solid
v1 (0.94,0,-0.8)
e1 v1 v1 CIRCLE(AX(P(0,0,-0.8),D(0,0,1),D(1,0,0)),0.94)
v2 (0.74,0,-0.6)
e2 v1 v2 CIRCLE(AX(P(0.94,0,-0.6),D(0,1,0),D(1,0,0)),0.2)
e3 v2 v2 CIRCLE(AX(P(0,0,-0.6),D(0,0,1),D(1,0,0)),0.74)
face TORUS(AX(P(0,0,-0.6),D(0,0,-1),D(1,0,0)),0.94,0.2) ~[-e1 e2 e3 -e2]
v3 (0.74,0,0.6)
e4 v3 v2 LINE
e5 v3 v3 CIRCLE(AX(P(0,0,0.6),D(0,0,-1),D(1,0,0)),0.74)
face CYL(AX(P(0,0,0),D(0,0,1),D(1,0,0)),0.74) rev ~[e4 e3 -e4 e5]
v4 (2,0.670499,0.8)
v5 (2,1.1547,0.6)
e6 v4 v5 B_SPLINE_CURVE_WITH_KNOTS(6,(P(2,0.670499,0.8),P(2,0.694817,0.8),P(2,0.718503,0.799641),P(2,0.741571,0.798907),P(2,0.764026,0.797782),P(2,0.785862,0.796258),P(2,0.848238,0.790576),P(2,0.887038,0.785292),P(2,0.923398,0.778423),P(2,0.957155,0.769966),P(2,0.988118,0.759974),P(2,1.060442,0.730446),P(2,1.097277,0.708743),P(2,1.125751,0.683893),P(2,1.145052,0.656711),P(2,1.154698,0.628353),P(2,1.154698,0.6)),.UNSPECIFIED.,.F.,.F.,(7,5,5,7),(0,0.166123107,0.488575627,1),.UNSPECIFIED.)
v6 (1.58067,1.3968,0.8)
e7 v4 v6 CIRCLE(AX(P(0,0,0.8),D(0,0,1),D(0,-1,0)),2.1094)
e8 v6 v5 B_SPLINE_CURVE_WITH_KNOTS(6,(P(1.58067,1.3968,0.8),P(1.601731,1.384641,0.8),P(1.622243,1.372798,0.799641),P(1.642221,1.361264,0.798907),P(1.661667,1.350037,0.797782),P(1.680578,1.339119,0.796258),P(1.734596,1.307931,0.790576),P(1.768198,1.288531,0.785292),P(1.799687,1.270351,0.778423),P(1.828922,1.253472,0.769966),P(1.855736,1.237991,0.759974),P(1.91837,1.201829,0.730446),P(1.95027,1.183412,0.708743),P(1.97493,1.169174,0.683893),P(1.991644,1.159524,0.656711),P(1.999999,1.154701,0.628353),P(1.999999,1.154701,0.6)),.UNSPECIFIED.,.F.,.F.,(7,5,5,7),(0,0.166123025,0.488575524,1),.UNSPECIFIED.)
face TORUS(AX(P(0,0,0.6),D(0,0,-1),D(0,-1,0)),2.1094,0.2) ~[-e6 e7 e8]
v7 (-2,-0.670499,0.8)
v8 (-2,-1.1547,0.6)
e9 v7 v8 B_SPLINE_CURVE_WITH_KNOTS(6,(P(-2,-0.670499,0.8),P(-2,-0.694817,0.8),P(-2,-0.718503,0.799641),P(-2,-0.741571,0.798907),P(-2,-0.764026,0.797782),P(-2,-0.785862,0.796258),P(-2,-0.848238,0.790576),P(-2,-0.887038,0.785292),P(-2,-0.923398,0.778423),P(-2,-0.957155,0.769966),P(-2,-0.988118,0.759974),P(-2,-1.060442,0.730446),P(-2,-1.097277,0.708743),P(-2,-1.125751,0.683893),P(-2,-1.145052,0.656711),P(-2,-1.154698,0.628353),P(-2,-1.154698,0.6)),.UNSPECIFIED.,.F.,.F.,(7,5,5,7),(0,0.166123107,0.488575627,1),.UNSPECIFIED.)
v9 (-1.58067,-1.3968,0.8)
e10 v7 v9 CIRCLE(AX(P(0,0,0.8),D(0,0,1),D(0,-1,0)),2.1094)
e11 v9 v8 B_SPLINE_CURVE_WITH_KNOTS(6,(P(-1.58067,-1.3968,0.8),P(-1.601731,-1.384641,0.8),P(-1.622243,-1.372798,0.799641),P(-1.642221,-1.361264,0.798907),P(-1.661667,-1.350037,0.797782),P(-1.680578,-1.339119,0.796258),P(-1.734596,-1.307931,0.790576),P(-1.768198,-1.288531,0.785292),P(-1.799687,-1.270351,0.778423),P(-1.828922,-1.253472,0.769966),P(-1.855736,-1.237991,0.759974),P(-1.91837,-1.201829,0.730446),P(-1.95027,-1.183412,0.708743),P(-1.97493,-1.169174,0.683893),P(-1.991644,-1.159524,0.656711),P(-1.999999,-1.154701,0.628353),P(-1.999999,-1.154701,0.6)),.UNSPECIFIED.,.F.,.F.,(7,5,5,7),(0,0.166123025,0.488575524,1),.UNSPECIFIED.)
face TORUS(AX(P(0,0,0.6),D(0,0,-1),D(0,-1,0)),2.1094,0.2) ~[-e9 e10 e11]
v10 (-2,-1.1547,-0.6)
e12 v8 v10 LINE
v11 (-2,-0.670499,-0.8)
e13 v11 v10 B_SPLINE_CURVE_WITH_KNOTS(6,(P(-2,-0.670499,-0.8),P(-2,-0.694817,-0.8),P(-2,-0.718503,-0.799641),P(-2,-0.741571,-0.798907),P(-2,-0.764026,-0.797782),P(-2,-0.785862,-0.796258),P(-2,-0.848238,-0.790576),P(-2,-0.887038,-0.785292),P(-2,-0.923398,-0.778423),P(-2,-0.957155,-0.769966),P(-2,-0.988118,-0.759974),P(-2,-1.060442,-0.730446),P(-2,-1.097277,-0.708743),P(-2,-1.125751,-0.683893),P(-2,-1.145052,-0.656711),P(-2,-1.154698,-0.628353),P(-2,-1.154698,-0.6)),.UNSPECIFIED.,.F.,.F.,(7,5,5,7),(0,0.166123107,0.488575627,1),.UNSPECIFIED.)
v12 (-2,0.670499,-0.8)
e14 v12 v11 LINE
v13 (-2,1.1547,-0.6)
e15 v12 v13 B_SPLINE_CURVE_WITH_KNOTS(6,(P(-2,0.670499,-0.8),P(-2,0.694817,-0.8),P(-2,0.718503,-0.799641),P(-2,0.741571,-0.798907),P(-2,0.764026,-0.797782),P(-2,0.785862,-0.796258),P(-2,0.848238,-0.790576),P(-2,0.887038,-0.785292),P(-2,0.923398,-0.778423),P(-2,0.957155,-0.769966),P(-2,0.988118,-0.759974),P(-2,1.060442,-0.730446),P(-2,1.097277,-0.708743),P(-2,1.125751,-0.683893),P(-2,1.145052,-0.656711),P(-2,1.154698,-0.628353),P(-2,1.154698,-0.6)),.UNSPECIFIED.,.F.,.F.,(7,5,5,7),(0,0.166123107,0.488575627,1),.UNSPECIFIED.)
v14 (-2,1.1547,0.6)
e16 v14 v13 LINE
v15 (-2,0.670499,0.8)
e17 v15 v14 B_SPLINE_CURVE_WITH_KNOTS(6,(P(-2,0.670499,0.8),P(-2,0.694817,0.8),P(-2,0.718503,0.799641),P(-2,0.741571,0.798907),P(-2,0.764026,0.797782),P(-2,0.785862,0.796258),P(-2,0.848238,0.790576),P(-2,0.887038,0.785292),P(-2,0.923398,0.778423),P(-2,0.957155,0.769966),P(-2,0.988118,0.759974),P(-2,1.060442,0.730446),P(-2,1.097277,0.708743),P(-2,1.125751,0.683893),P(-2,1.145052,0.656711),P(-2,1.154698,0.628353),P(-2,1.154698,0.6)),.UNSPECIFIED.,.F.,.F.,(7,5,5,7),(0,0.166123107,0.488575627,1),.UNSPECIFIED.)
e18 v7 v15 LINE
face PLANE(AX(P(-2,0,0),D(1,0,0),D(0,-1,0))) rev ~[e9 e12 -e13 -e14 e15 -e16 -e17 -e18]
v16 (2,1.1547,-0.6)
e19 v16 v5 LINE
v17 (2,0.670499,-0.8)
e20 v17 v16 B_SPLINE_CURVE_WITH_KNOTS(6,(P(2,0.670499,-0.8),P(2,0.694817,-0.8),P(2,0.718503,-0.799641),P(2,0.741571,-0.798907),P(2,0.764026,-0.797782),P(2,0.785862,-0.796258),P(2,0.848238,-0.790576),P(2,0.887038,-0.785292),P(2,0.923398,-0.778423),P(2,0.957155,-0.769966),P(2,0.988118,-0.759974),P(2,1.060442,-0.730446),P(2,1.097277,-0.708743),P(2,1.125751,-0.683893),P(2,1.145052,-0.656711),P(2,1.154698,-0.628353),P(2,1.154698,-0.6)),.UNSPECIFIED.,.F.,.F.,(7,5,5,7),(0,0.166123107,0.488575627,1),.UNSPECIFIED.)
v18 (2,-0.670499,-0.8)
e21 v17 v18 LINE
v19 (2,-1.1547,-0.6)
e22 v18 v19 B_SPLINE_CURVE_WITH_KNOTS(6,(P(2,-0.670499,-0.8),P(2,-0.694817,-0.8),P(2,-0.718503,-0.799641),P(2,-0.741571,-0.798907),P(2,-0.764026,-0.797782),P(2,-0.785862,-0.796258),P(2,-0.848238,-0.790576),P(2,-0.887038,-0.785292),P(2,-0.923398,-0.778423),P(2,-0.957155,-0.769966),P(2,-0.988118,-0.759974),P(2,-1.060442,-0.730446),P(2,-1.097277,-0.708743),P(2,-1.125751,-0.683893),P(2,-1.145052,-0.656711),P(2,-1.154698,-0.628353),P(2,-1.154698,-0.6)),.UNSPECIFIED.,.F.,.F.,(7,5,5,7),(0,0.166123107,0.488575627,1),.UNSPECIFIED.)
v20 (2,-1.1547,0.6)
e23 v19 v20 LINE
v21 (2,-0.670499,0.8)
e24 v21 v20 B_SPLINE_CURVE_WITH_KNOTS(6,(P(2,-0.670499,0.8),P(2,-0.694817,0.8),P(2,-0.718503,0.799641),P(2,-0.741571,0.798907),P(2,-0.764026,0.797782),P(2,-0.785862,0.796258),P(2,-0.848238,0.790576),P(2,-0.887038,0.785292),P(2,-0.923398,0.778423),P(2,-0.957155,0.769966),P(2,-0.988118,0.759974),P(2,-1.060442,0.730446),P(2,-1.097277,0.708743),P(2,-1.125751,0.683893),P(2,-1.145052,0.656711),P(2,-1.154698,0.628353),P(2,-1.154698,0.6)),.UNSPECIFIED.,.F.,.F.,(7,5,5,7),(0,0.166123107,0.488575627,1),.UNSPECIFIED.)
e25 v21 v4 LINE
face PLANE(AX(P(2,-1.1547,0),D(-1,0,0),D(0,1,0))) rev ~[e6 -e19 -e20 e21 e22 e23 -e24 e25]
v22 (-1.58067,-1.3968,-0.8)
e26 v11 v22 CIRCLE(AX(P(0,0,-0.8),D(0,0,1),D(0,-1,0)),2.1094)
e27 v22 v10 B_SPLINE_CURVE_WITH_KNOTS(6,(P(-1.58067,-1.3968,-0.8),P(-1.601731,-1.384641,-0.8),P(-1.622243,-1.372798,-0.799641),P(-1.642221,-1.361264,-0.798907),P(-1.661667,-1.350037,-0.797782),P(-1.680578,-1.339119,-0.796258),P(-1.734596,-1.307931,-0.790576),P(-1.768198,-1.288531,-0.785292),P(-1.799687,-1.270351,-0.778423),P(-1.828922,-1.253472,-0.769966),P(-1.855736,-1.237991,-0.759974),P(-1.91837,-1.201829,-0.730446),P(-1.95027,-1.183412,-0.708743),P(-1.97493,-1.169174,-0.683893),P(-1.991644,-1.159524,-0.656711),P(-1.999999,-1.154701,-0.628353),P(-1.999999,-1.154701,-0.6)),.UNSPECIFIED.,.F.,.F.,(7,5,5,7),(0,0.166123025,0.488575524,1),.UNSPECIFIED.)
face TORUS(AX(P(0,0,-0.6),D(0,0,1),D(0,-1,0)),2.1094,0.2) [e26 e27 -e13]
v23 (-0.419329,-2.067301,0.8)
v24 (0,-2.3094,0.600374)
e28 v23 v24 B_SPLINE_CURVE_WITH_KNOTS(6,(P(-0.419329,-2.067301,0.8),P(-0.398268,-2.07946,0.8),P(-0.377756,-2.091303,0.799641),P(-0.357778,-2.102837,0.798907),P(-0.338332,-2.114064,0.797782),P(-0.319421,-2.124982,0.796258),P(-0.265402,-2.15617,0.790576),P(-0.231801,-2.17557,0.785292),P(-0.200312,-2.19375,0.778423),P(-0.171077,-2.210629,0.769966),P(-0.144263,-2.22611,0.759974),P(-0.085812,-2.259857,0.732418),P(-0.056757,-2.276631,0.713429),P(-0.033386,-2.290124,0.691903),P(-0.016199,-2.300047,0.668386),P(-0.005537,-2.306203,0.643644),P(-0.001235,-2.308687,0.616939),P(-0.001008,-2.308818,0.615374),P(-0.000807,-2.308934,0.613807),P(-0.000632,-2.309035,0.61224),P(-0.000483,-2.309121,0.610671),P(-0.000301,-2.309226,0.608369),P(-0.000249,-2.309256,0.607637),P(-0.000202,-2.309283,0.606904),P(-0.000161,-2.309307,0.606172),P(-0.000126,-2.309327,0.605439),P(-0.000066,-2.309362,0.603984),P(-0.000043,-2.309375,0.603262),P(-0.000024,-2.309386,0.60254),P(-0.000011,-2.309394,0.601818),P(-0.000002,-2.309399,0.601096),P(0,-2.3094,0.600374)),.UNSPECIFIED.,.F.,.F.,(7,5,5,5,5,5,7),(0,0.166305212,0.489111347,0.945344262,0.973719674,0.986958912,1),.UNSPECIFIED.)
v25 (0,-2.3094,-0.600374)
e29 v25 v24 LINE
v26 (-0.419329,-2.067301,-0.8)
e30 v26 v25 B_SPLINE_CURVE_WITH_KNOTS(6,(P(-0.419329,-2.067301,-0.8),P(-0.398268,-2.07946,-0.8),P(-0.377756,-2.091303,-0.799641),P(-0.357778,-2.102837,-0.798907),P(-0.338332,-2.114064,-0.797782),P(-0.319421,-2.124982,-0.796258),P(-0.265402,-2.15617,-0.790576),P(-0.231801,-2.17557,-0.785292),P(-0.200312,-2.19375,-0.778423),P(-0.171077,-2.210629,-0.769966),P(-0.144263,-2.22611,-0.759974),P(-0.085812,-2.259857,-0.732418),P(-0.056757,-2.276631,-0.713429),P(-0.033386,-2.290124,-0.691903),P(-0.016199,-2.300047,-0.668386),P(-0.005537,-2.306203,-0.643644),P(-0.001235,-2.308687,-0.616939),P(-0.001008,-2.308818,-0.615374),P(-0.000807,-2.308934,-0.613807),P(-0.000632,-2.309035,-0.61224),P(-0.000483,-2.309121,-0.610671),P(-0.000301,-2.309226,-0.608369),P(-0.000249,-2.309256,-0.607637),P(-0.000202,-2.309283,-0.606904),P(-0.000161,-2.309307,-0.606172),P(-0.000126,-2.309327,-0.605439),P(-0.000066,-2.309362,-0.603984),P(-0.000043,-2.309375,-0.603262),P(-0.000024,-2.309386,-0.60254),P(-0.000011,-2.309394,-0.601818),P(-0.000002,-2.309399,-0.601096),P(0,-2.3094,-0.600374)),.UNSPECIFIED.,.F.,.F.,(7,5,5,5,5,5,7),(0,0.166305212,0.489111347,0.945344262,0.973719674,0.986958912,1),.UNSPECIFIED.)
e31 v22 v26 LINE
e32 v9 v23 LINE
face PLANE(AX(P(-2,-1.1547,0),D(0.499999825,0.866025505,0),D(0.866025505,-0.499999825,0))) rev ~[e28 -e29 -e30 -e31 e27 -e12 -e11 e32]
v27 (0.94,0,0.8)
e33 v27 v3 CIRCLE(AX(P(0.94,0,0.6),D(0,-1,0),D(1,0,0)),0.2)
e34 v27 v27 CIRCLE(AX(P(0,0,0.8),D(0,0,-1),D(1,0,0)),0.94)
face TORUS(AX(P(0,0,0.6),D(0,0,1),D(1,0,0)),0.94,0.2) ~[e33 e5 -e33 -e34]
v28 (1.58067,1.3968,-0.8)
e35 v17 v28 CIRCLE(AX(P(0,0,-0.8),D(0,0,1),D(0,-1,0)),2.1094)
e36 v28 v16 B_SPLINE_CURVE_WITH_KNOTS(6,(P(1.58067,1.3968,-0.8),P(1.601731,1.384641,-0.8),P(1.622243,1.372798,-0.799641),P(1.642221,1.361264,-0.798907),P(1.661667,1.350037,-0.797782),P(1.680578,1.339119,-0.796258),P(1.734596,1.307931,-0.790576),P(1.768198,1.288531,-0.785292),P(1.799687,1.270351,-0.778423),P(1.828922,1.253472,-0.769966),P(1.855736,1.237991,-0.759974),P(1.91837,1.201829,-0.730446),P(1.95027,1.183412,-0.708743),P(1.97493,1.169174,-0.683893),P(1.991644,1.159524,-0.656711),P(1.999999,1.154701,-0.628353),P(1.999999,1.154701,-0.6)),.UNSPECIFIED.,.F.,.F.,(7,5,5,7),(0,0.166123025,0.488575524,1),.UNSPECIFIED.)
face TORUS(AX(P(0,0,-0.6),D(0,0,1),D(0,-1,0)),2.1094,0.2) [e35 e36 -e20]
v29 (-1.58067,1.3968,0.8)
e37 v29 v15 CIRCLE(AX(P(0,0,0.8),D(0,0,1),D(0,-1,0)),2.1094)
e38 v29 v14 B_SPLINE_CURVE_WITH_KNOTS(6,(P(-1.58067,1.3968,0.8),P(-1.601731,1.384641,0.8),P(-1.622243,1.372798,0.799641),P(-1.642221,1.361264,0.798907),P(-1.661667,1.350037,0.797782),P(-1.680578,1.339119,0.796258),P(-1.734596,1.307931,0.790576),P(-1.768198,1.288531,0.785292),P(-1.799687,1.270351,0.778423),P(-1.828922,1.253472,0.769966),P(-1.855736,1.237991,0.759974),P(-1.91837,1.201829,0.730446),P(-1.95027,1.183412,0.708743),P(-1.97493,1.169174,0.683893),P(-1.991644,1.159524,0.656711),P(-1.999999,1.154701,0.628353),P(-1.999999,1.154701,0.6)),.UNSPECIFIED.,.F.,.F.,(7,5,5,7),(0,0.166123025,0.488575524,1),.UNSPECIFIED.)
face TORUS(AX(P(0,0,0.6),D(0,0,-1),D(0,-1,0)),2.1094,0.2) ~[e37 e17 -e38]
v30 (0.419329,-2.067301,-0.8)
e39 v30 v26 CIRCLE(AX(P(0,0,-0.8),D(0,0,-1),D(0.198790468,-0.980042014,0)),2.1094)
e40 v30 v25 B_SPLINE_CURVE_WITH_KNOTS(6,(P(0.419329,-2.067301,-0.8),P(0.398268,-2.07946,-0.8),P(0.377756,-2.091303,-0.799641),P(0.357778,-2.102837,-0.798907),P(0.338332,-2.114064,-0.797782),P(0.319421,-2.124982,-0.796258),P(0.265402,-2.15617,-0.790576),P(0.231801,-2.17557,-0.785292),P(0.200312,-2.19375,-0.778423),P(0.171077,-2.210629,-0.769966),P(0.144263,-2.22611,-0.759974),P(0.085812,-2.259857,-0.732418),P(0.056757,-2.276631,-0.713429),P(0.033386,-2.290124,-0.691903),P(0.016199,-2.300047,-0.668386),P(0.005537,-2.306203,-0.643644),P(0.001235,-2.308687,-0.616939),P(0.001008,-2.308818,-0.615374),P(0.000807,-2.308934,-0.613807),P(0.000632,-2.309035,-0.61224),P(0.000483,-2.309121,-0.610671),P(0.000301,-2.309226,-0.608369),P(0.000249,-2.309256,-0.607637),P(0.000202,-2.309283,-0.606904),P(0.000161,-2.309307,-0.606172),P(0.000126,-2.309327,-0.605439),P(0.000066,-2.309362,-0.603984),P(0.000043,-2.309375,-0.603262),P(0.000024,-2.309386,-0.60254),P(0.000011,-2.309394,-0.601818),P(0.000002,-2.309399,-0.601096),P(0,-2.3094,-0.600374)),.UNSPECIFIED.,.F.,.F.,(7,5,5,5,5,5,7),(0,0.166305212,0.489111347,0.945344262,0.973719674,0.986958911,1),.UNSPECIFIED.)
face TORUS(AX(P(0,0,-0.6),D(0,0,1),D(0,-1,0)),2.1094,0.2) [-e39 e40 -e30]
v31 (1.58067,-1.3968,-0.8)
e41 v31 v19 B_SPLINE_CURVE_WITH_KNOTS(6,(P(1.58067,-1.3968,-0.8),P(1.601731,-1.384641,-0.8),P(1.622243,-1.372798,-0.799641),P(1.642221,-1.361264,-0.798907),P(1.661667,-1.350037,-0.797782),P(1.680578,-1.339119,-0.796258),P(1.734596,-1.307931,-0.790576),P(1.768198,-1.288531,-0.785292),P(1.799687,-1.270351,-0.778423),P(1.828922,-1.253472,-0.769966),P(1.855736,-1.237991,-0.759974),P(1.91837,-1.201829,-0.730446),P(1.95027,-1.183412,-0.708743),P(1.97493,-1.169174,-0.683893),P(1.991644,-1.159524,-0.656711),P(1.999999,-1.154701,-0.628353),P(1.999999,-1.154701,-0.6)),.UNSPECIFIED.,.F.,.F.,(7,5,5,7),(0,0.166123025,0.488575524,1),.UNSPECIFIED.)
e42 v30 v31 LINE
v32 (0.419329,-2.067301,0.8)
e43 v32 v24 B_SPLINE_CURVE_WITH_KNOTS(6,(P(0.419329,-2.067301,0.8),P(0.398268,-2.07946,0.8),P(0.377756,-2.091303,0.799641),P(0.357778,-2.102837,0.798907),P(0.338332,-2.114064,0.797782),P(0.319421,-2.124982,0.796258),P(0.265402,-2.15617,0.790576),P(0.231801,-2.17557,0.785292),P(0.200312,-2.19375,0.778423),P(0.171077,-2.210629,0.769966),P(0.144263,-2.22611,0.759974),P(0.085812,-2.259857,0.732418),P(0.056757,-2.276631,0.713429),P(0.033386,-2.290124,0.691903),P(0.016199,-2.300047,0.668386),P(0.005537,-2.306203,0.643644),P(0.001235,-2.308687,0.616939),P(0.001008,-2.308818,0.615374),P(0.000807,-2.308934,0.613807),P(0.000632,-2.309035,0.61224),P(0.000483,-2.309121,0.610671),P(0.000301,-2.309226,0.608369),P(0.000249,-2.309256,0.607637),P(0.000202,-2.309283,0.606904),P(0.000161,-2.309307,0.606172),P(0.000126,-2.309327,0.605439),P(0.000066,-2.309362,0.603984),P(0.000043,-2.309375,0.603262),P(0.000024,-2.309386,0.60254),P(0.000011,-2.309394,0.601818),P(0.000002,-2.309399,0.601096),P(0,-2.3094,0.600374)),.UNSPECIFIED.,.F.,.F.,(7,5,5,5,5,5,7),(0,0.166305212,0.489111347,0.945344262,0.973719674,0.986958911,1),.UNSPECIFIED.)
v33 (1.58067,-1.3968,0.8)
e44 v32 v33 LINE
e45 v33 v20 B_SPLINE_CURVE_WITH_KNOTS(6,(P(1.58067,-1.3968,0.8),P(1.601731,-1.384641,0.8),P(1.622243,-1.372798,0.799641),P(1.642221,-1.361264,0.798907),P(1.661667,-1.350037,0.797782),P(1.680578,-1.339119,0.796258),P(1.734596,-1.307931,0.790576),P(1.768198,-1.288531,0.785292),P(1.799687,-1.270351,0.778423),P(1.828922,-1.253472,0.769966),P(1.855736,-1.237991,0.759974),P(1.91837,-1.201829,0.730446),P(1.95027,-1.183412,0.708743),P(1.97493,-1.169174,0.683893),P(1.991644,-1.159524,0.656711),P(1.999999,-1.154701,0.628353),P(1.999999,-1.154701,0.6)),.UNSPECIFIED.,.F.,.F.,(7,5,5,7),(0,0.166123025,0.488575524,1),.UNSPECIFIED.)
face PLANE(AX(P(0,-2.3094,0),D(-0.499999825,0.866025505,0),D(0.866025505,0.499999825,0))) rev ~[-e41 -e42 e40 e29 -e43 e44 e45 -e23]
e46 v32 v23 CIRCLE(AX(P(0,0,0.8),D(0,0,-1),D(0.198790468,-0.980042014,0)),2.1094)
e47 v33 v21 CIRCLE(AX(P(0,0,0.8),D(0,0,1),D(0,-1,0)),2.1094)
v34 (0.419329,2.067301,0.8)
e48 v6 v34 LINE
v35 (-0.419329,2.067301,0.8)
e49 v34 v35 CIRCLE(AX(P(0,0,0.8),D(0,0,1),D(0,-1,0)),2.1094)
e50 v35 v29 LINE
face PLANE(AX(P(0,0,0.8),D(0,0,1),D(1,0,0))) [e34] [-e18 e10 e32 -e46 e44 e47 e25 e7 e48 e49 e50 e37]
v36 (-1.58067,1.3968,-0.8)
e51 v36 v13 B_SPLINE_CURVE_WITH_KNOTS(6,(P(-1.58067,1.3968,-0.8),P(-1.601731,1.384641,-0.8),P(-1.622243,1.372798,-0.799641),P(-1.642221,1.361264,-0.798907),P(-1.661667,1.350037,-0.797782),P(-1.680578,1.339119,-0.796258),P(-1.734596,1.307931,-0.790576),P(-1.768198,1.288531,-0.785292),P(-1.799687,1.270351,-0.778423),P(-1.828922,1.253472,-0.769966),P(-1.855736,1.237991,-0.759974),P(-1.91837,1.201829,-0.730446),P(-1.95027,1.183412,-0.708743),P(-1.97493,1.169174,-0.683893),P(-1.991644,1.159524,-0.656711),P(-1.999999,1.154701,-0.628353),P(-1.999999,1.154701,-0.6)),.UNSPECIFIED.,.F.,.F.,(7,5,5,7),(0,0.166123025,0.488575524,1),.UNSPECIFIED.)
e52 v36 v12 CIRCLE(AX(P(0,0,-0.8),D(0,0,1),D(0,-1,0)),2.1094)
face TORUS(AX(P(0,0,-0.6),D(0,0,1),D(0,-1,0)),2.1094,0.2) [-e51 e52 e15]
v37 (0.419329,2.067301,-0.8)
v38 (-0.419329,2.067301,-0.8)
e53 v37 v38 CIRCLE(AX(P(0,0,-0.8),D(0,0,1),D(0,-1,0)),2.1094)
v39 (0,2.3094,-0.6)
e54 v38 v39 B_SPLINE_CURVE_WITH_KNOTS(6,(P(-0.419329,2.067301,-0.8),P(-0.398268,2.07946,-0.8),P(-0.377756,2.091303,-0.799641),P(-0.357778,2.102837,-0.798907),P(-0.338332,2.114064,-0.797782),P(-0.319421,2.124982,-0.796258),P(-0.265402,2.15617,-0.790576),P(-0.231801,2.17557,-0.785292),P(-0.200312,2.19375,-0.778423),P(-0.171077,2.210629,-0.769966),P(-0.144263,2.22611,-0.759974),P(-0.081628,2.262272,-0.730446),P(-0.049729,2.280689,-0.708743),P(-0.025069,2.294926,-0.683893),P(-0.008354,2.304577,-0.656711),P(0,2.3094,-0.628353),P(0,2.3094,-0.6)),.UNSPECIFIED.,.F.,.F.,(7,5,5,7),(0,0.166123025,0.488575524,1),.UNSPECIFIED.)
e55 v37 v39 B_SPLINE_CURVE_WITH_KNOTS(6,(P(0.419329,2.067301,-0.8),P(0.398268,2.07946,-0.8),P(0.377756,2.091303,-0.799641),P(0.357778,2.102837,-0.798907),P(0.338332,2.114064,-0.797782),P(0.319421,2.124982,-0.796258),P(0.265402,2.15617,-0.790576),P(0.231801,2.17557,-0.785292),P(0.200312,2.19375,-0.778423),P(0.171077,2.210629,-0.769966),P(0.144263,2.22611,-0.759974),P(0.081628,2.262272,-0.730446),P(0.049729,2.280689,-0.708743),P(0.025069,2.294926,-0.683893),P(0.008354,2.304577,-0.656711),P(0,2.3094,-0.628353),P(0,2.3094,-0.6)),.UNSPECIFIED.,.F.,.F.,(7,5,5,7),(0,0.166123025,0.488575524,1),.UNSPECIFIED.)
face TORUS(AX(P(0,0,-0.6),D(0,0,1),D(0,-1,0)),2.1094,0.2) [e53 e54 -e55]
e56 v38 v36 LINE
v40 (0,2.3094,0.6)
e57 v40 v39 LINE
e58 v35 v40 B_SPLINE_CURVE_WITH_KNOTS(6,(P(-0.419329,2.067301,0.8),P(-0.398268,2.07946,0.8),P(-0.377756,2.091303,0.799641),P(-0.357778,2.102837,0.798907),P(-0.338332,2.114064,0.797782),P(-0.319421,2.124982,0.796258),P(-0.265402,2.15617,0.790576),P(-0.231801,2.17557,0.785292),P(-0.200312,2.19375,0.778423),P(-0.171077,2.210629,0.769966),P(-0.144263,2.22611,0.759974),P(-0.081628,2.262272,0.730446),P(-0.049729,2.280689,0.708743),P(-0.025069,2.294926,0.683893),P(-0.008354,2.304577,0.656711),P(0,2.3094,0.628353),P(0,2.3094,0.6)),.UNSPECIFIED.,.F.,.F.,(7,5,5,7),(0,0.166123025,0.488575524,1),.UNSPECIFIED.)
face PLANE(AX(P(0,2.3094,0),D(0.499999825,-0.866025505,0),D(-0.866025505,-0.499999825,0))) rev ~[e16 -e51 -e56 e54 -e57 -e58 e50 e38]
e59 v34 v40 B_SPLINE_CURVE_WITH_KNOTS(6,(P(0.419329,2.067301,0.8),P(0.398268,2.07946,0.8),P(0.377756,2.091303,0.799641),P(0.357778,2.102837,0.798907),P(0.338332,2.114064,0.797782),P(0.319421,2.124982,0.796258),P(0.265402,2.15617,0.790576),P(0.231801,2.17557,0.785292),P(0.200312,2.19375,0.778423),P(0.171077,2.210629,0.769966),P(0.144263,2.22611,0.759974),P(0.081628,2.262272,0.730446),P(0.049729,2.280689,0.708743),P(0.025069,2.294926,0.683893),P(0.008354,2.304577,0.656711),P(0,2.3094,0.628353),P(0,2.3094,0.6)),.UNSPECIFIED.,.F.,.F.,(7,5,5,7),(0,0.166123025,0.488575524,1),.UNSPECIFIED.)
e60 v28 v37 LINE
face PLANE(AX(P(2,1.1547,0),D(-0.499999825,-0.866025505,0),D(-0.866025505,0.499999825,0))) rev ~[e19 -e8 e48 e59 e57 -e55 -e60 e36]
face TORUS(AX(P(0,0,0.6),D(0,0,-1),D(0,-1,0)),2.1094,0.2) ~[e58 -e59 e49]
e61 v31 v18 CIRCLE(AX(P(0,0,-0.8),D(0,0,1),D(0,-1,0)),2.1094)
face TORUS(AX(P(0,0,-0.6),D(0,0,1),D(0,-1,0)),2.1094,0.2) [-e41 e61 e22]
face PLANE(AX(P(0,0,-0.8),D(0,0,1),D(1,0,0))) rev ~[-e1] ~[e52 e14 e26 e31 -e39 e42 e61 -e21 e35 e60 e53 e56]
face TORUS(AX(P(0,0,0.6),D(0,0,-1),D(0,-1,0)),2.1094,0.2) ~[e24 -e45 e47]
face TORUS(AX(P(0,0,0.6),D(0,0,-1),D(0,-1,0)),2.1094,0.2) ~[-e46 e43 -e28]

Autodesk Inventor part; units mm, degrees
ref_plane "YZ Plane" through (0, 0, 0) normal (1, 0, 0) x (0, 1, 0)
ref_plane "XZ Plane" through (0, 0, 0) normal (0, 1, 0) x (-1, 0, 0)
ref_plane "XY Plane" through (0, 0, 0) normal (0, 0, 1) x (1, 0, 0)
sketch "Sketch1" plane through (0, 0, 0) normal (0, 0, 1) x (1, 0, 0)
  line L0 (0, -3.2332) -> (0, 3.2332) projected
  line L1 (-2.8, 0) -> (2.8, 0) projected
  line L2 (0, 2.3094) -> (-2, 1.1547)
  line L3 (-2, 1.1547) -> (-2, -1.1547)
  line L4 (-2, -1.1547) -> (0, -2.3094)
  line L5 (0, -2.3094) -> (2, -1.1547)
  line L6 (2, -1.1547) -> (2, 1.1547)
  line L7 (2, 1.1547) -> (0, 2.3094)
  circle A0 centre (0, 0) radius 0.74
  point P0 (-2, 0)
  dimension "d2" = 120
  dimension "d3" = 4
  dimension "d6" = 1.48
extrude "Extrusion2" add sketch "Sketch1" along normal mid plane 1.6
extrude "Extrusion3" cut sketch "Sketch1" along normal through all both and the other way through all contours A0 L1 L0 | L0 L1 A0 | L1 A0 L0 | L0 A0 L1
sketch "Sketch2" plane through (0, 0, 0) normal (1, 0, 0) x (0, 1, 0)
  line L0 (0, -1.1283) -> (0, 1.1697) projected
  line L1 (-2.3094, 0.8) -> (-1.1547, 0.8) projected
  line L2 (-2.3094, -0.8) -> (-2.3094, 0.8) projected
  arc A0 (-2.1094, 0.8) -> (-2.3094, 0.6) centre (-2.1094, 0.6) ccw
  point P0 (0, 0)
  dimension "d14" = 0.2
revolve "Revolution1" cut sketch "Sketch2" angle 360 about axis through (0, 0, -10) along (0, 0, 1)
mirror "Mirror1" about plane through (0, 0, 0) normal (0, 0, 1) of "Revolution1"
fillet "Fillet2" radius 0.2 2 edges at (-0.74, 0, -0.8) (-0.74, 0, 0.8)
thread "Thread2" size "M2x0.4" class "6H" standard "ISO Metric profile" full length
properties part number "empty"
